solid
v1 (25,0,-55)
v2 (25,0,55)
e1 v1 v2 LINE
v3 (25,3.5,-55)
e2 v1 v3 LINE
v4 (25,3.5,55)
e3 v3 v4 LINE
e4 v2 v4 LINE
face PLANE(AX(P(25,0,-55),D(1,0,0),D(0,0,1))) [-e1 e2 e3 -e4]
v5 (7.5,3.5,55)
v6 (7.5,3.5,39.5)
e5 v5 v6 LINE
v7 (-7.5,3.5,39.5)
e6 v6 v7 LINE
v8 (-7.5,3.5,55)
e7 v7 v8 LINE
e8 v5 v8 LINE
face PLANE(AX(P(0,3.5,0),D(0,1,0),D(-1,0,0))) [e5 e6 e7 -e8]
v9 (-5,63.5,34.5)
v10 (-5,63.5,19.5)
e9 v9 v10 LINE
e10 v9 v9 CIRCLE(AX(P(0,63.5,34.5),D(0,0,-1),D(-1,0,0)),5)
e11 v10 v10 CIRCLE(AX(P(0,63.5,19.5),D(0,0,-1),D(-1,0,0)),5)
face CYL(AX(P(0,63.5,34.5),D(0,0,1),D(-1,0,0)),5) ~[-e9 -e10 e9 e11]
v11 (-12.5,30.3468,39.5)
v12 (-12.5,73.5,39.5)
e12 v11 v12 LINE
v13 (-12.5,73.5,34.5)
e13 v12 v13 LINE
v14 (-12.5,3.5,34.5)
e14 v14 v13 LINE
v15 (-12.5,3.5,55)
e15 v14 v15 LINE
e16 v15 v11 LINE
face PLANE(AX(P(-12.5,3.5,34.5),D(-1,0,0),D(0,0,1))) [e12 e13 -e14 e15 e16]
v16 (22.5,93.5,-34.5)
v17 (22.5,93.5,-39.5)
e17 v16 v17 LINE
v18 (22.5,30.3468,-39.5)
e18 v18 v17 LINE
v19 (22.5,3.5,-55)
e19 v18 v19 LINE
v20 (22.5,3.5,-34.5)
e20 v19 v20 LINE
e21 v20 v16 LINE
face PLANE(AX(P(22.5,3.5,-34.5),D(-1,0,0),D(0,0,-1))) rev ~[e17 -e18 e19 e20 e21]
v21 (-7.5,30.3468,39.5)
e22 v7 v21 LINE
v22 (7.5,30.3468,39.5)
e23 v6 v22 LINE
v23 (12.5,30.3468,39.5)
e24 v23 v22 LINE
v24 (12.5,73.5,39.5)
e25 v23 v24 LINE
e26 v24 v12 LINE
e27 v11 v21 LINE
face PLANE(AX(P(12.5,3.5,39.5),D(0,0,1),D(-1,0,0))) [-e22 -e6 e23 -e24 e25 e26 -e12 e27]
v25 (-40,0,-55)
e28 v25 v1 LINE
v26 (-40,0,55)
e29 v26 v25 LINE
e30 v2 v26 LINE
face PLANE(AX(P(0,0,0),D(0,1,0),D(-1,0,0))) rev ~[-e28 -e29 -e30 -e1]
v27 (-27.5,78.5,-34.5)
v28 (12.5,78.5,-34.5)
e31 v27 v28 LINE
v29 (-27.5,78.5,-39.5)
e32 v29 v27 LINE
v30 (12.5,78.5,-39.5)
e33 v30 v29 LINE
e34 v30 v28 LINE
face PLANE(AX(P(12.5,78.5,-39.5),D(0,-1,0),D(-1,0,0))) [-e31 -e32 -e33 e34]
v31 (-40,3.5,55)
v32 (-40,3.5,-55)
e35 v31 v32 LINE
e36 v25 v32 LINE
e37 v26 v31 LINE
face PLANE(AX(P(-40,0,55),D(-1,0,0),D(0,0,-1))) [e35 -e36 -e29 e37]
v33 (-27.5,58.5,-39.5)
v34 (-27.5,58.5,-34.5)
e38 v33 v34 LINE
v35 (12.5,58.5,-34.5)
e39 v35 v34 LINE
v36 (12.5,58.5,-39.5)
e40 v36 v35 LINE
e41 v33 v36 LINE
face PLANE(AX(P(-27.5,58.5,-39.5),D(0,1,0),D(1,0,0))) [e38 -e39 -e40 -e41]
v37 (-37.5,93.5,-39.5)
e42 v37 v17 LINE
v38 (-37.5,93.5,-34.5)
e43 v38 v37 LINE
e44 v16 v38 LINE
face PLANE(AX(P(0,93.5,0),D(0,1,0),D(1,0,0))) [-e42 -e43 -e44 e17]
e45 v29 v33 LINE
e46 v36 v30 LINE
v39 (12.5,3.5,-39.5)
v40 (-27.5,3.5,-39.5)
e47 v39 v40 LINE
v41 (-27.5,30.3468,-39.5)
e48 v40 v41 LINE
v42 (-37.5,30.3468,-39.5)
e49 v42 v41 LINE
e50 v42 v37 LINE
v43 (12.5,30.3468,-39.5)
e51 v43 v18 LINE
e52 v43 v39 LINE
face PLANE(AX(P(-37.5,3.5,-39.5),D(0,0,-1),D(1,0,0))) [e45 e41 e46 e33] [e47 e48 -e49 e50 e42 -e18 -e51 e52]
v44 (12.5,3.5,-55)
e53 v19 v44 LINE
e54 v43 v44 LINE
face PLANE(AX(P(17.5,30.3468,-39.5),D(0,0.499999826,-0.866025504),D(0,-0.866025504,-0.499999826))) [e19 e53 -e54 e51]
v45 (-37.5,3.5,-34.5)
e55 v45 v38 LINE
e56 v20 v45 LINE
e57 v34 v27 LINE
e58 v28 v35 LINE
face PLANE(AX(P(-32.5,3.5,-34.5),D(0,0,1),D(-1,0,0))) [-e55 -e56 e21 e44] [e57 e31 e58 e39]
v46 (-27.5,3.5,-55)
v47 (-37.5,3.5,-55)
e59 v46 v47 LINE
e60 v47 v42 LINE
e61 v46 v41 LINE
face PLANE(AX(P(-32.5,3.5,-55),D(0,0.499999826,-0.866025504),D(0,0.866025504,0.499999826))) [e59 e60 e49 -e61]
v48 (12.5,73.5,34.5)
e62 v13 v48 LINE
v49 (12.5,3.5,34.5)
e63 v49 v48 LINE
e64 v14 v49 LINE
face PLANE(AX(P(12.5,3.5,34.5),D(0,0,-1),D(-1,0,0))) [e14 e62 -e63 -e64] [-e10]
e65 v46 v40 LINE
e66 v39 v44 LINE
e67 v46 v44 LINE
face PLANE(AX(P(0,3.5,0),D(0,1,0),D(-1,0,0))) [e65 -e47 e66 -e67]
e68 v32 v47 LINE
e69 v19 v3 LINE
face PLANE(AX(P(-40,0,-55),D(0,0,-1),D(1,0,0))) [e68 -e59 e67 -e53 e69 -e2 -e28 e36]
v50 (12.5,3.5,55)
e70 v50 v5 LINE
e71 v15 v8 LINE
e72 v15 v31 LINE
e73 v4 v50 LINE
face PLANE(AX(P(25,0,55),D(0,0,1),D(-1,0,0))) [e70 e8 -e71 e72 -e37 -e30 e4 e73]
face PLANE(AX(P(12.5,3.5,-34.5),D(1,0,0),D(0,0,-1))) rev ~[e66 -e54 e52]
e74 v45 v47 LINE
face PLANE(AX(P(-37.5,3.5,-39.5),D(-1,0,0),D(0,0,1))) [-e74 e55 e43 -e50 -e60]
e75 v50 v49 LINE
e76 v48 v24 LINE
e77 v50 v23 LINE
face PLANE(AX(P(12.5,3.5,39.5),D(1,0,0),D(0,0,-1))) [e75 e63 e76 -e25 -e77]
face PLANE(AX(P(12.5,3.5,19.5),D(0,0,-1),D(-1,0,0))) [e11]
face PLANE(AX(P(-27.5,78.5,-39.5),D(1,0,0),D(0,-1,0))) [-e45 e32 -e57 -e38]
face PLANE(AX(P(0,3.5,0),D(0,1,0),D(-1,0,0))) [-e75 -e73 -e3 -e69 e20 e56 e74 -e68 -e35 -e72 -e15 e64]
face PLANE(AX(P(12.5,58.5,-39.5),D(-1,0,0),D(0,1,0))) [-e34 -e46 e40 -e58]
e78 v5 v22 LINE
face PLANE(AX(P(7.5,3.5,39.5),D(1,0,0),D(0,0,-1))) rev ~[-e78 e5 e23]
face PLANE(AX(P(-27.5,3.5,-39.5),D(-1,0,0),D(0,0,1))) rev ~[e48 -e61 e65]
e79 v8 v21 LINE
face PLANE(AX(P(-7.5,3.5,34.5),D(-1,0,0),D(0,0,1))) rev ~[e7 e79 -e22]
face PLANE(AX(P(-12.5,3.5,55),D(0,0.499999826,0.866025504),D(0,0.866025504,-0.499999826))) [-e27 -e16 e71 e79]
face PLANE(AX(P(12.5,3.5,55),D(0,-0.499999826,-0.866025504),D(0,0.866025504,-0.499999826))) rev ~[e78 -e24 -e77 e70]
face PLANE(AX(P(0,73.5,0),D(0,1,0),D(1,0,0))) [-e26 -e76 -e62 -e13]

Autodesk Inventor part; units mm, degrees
ref_plane "YZ Plane" through (0, 0, 0) normal (1, 0, 0) x (0, 1, 0)
ref_plane "XZ Plane" through (0, 0, 0) normal (0, 1, 0) x (-1, 0, 0)
ref_plane "XY Plane" through (0, 0, 0) normal (0, 0, 1) x (1, 0, 0)
sketch "Szkic1" plane through (0, 0, 0) normal (0, 1, 0) x (-1, 0, 0)
  line L0 (-25, 55) -> (40, 55)
  line L1 (40, 55) -> (40, -55)
  line L2 (40, -55) -> (-25, -55)
  line L3 (-25, -55) -> (-25, 55)
  point P0 (0, 0)
  point P1 (-25, 0)
  point P2 (40, 0)
  dimension "d0" = 65
  dimension "d1" = 110
  dimension "d2" = 55
  dimension "d25" = 40
extrude "Wyciągnięcie proste1" add sketch "Szkic1" along normal blind 3.5
sketch "Szkic2" plane through (0, 3.5, 0) normal (0, 1, 0) x (1, 0, 0)
  line L0 (12.5, -39.5) -> (-12.5, -39.5)
  line L1 (-12.5, -39.5) -> (-12.5, -34.5)
  line L2 (-12.5, -34.5) -> (12.5, -34.5)
  line L3 (12.5, -34.5) -> (12.5, -39.5)
  point P0 (0, 0)
  point P1 (0, -34.5)
  dimension "d6" = 25
  dimension "d7" = 5
  dimension "d8" = 34.5
  dimension "d9" = 12.5
extrude "Wyciągnięcie proste2" add sketch "Szkic2" along normal blind 70
sketch "Szkic3" plane through (12.5, 3.5, 34.5) normal (0, 0, -1) x (-1, 0, 0)
  circle A0 centre (12.5, 60) radius 4.5
  line L0 (-12.5, 0) -> (52.5, 0) projected
  line L1 (25, 0) -> (25, 70) projected
  point P0 (12.5, -3.5)
  dimension "d16" = 9
  dimension "d17" = 60
  dimension "d18" = 12.5
extrude "Wyciągnięcie proste3" cut sketch "Szkic3" against normal up to next
sketch "Szkic4" plane through (0, 3.5, 0) normal (0, 1, 0) x (1, 0, 0)
  line L0 (-32.5, 34.5) -> (17.5, 34.5)
  line L1 (17.5, 34.5) -> (17.5, 39.5)
  line L2 (17.5, 39.5) -> (-32.5, 39.5)
  line L3 (-32.5, 39.5) -> (-32.5, 34.5)
  line L4 (12.5, -34.5) -> (-12.5, -34.5) projected
  line L5 (25, -55) -> (25, 55) projected
  point P0 (0, 0)
  point P1 (-7.5, 39.5)
  point P2 (17.5, 37)
  dimension "d22" = 50
  dimension "d23" = 5
  dimension "d24" = 69
  dimension "d26" = 7.5
extrude "Wyciągnięcie proste4" add sketch "Szkic4" along normal blind 90
sketch "Szkic5" plane through (17.5, 3.5, -39.5) normal (0, 0, -1) x (-1, 0, 0)
  line L0 (5, 75) -> (45, 75)
  line L1 (45, 75) -> (45, 55)
  line L2 (45, 55) -> (5, 55)
  line L3 (5, 55) -> (5, 75)
  line L4 (0, 0) -> (0, 90) projected
  line L5 (-7.5, 0) -> (57.5, 0) projected
  point P0 (17.5, -3.5)
  point P1 (45, 65)
  dimension "d29" = 40
  dimension "d30" = 20
  dimension "d31" = 5
  dimension "d33" = 65
extrude "Wyciągnięcie proste5" cut sketch "Szkic5" against normal up to next
sketch "Szkic6" plane through (-32.5, 3.5, -39.5) normal (-1, 0, 0) x (0, 0, 1)
  line L0 (-15.5, 0) -> (94.5, 0) projected
  line L1 (-15.5, 0) -> (0, 26.8468)
  line L2 (-15.5, 0) -> (15.5, 0) construction
  line L3 (0, 0) -> (0, 90) projected
  line L4 (0, 26.8468) -> (0, 0)
  line L5 (0, 0) -> (-15.5, 0)
  point P0 (39.5, -3.5)
  dimension "d36" = 60
extrude "Wyciągnięcie proste6" add sketch "Szkic6" along normal mid plane 10
sketch "Szkic7" plane through (17.5, 3.5, -34.5) normal (1, 0, 0) x (0, 0, -1)
  line L0 (0, 0) -> (5, 0) projected
  line L1 (5, 26.8468) -> (20.5, 0) projected
  line L2 (20.5, 0) -> (5, 26.8468)
  line L3 (5, 26.8468) -> (5, 0)
  line L4 (5, 0) -> (20.5, 0)
  point P0 (-34.5, -3.5)
  point P1 (5, 0)
extrude "Wyciągnięcie proste7" add sketch "Szkic7" along normal mid plane 10
sketch "Szkic8" plane through (12.5, 3.5, 39.5) normal (1, 0, 0) x (0, 0, -1)
  line L0 (-15.5, 0) -> (94.5, 0) projected
  line L1 (-15.5, 0) -> (0, 26.8468)
  line L2 (-15.5, 0) -> (15.5, 0) construction
  line L3 (0, 0) -> (0, 70) projected
  line L4 (0, 26.8468) -> (0, 0)
  line L5 (0, 0) -> (-15.5, 0)
  point P0 (39.5, -3.5)
  dimension "d41" = 60
extrude "Wyciągnięcie proste8" add sketch "Szkic8" against normal blind 5
sketch "Szkic9" plane through (-12.5, 3.5, 34.5) normal (-1, 0, 0) x (0, 0, 1)
  line L0 (-89.5, 0) -> (20.5, 0) projected
  line L1 (20.5, 0) -> (5, 26.8468)
  line L2 (5, 0) -> (5, 70) projected
  line L3 (20.5, -3.5) -> (20.5, 0) projected
  line L4 (5, 0) -> (20.5, 0)
  line L5 (5, 0) -> (0, 0) projected
  line L6 (5, 26.8468) -> (5, 0)
  line L7 (5, 0) -> (20.5, 0)
  point P0 (-34.5, -3.5)
  dimension "d44" = 120
extrude "Wyciągnięcie proste9" add sketch "Szkic9" against normal blind 5
sketch "Szkic10" plane through (0, 3.5, 0) normal (0, 1, 0) x (1, 0, 0)
  line L0 (17.5, 34.5) -> (17.5, 39.5) projected
  line L1 (17.5, 34.5) -> (22.5, 34.5)
  line L2 (22.5, 34.5) -> (22.5, 39.5)
  line L3 (22.5, 39.5) -> (17.5, 39.5)
  line L4 (17.5, 39.5) -> (17.5, 34.5)
  line L5 (-32.5, 39.5) -> (-32.5, 34.5) projected
  line L6 (-32.5, 34.5) -> (-37.5, 34.5)
  line L7 (-37.5, 34.5) -> (-37.5, 39.5)
  line L8 (-37.5, 39.5) -> (-32.5, 39.5)
  line L9 (-32.5, 39.5) -> (-32.5, 34.5)
  point P0 (0, 0)
  dimension "d47" = 5
  dimension "d48" = 5
  dimension "d49" = 5
extrude "Wyciągnięcie proste10" add sketch "Szkic10" along normal blind 90
sketch "Szkic11" plane through (12.5, 3.5, 34.5) normal (0, 0, -1) x (-1, 0, 0)
  circle A0 centre (12.5, 60) radius 4.5 projected
  circle A1 centre (12.5, 60) radius 4.5
  line L0 (0, 55) -> (0, 75) projected
  point P0 (12.5, -3.5)
extrude "Wyciągnięcie proste11" add sketch "Szkic11" against normal blind 5
sketch "Szkic12" plane through (12.5, 3.5, 34.5) normal (0, 0, -1) x (-1, 0, 0)
  circle A0 centre (12.5, 60) radius 5
  line L0 (0, 70) -> (25, 70) projected
  line L1 (25, 0) -> (25, 70) projected
  point P0 (12.5, -3.5)
  dimension "d55" = 10
  dimension "d56" = 10
  dimension "d57" = 12.5
extrude "Wyciągnięcie proste12" add sketch "Szkic12" along normal blind 15
